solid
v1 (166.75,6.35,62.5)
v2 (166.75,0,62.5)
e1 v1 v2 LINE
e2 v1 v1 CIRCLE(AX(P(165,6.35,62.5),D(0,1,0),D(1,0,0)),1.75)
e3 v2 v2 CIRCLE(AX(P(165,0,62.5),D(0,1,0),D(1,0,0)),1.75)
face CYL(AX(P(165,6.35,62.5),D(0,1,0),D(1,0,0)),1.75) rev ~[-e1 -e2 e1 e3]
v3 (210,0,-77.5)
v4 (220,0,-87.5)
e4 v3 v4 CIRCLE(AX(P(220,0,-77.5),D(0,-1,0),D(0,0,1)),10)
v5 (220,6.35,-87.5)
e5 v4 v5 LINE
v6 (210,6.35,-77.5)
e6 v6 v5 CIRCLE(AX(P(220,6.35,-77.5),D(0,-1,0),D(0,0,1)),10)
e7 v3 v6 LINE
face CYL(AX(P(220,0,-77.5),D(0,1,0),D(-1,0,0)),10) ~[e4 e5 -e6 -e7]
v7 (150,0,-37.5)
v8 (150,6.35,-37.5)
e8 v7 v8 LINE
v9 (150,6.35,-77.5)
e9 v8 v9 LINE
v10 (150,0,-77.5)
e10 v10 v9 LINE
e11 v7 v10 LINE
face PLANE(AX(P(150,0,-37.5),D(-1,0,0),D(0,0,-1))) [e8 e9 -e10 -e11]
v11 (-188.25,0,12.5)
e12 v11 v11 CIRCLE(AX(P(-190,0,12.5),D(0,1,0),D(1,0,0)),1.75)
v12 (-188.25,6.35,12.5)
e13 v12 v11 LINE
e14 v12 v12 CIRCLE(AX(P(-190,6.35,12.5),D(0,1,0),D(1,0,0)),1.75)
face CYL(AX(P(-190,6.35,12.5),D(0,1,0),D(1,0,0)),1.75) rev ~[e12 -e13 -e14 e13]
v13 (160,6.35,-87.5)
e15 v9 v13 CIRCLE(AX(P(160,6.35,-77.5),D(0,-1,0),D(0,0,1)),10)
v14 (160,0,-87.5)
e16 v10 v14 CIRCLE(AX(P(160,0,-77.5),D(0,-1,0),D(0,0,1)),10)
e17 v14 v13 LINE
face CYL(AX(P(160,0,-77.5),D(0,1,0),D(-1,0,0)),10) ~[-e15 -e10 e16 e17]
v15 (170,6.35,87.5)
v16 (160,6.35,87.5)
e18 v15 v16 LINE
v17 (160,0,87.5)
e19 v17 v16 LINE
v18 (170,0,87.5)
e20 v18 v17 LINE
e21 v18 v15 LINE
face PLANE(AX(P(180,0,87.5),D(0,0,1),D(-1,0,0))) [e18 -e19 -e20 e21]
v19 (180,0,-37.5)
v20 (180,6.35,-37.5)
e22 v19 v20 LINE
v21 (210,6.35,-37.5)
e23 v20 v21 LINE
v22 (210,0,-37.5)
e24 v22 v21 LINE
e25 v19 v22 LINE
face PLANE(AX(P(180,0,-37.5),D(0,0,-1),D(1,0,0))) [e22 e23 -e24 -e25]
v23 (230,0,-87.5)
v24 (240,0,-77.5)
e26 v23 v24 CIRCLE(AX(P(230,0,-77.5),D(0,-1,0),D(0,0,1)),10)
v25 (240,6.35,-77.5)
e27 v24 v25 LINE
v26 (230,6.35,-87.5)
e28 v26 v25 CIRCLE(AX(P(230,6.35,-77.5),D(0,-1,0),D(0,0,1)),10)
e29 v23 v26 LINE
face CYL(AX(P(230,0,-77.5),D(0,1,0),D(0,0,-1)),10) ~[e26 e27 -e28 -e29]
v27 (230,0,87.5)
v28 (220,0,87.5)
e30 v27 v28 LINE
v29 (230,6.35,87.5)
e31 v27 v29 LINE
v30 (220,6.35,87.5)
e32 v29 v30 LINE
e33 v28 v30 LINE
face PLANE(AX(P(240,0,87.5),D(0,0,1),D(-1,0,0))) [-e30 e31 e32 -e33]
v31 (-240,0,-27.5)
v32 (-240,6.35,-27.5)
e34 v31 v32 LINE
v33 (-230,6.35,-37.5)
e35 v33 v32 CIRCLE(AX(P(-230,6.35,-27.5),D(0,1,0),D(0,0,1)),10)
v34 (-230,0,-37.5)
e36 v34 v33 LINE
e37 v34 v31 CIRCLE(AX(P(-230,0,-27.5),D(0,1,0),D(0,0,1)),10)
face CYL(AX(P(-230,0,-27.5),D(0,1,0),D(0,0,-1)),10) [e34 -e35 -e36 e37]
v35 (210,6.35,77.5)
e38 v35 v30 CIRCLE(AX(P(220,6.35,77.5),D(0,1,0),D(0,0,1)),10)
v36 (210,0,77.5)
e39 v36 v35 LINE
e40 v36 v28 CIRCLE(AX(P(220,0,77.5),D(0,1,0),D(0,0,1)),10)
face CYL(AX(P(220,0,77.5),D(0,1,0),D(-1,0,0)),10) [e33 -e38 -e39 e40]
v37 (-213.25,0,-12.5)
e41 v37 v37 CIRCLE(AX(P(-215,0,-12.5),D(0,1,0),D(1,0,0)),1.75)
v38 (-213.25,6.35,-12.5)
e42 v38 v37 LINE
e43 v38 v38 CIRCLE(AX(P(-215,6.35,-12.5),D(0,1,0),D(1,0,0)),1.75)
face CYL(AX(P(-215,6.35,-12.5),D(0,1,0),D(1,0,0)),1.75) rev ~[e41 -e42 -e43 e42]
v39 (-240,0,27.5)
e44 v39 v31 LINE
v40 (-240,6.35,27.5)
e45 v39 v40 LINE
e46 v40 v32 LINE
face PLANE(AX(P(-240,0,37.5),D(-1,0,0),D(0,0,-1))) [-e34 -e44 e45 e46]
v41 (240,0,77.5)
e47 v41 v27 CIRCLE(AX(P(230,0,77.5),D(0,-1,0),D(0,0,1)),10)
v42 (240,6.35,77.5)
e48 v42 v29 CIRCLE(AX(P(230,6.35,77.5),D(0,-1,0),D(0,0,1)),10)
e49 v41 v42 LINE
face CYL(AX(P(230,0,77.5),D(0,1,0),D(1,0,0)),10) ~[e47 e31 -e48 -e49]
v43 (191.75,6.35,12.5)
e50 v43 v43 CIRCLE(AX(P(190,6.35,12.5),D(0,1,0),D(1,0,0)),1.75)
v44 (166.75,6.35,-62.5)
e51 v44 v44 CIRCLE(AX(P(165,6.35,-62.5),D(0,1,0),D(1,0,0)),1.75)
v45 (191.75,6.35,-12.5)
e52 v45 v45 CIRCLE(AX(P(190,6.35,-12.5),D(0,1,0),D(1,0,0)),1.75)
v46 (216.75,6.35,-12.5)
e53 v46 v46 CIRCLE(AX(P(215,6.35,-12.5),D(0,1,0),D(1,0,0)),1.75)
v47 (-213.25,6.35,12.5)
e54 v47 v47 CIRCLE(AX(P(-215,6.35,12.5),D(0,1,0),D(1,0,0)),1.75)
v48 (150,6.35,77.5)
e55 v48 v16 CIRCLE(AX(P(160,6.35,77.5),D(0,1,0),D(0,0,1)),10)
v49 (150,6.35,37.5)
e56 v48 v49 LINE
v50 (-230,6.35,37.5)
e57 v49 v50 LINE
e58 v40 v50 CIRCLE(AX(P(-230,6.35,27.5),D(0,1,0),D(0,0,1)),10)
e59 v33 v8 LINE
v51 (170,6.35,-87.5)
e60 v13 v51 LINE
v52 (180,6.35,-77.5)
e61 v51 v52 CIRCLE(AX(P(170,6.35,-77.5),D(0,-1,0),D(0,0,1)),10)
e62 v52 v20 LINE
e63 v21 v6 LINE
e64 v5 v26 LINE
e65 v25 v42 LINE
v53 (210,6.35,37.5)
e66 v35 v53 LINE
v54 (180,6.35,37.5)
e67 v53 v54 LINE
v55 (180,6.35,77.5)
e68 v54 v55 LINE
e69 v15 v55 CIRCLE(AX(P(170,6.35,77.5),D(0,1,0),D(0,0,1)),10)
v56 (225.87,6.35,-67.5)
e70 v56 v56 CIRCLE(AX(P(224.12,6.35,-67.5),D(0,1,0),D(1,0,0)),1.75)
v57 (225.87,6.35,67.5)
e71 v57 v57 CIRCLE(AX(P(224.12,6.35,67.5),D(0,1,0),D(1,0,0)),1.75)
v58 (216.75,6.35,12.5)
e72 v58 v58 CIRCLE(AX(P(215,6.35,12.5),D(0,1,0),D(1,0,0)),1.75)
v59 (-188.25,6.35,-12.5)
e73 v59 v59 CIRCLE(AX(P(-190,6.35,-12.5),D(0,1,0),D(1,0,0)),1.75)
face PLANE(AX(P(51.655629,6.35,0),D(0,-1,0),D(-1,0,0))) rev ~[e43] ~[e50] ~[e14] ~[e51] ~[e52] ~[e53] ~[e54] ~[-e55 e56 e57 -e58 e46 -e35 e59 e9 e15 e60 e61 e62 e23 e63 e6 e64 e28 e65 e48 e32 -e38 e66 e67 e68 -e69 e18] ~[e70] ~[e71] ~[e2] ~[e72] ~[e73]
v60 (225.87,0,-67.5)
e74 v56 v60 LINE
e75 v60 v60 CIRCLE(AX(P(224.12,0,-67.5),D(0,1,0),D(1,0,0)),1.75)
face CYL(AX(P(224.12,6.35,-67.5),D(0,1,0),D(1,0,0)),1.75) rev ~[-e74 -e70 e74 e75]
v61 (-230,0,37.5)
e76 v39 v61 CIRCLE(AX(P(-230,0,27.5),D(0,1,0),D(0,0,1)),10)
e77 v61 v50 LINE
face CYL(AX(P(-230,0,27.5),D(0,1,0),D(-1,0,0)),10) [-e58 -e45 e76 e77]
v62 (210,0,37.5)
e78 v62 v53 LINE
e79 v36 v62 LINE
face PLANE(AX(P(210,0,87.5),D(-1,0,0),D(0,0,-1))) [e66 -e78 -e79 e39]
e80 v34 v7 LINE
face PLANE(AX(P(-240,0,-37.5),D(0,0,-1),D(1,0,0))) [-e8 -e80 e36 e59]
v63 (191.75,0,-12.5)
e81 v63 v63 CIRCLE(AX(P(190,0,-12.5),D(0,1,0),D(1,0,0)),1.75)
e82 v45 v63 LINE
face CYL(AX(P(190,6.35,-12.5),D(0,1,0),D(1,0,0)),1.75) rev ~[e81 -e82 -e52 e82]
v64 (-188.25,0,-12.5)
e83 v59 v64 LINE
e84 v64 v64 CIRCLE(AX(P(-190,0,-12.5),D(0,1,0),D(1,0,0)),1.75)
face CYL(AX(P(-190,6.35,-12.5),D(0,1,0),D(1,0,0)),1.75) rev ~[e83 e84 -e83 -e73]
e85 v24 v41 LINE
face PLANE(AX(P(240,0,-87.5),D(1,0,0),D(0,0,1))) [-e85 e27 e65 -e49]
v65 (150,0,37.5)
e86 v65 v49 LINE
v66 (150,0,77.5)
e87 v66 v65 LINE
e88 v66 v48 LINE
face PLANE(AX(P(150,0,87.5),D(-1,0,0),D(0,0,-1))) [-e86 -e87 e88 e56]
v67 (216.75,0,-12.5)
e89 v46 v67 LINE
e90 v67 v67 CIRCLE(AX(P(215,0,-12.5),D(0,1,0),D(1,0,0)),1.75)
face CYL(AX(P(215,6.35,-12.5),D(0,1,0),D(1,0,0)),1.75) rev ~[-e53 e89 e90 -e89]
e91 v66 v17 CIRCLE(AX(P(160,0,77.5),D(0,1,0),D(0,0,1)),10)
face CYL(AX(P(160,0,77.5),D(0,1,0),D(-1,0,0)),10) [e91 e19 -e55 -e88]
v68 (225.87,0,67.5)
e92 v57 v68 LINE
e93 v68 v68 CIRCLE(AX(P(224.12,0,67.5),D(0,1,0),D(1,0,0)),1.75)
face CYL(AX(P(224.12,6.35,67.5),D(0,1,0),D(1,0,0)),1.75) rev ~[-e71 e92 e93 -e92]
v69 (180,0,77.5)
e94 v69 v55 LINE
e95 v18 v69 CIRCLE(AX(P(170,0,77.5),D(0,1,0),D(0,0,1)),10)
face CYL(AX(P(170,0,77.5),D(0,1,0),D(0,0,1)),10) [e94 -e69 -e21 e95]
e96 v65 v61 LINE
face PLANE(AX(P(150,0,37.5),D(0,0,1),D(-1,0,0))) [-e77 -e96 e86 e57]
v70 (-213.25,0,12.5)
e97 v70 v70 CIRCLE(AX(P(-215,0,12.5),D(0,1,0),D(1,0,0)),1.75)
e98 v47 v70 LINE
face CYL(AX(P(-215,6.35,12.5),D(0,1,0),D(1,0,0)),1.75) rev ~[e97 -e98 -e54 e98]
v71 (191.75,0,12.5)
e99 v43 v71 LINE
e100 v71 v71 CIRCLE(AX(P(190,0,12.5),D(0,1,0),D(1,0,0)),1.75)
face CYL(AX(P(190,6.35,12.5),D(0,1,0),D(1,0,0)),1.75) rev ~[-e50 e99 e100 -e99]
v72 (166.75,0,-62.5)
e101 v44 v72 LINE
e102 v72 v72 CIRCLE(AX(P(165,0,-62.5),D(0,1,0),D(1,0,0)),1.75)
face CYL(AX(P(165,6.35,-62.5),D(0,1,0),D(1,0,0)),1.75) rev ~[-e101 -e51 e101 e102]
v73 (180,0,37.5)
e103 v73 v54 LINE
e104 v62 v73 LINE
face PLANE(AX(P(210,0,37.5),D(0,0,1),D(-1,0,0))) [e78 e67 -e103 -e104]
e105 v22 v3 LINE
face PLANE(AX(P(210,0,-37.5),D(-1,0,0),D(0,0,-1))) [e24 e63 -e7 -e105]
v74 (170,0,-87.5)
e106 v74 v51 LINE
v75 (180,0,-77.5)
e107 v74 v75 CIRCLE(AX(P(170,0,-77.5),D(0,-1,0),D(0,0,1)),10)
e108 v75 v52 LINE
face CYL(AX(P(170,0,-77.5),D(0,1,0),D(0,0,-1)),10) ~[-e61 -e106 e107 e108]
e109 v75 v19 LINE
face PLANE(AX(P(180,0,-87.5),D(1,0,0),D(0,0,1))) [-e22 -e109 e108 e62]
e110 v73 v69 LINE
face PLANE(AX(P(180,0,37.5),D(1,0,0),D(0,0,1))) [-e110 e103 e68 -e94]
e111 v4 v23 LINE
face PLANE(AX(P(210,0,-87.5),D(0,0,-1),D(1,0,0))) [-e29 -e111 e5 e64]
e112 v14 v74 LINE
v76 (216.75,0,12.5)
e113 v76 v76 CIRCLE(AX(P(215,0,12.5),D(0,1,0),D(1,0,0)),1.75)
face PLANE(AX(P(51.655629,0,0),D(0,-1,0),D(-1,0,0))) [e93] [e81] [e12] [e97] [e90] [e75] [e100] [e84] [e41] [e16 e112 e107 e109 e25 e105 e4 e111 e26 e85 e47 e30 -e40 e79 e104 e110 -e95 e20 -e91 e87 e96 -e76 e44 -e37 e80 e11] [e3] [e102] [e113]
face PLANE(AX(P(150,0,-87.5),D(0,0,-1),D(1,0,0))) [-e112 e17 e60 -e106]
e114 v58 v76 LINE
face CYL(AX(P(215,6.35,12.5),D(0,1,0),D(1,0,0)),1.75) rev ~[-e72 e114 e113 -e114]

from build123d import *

# Parameters (mm, degrees)
BOSS_EXTRUDE2_DEPTH       = 6.35
SKETCH2_R                 = 1.75
CUT_EXTRUDE1_DEPTH        = 6.35
LPATTERN1_COUNT           = 2
LPATTERN1_PITCH           = 25
LPATTERN2_COUNT           = 2
LPATTERN2_PITCH           = 25
LPATTERN2_COPY_1_SKETCH_R = 1.75
LPATTERN2_COPY_1_DEPTH    = 6.35
FILLET1_R                 = 10
SKETCH3_R                 = 1.75
CUT_EXTRUDE2_DEPTH        = 7.35
SKETCH5_R                 = 1.75
CUT_EXTRUDE3_DEPTH        = 7.35
LPATTERN3_COUNT           = 2
LPATTERN3_PITCH           = 405
LPATTERN3_COPY_1_SKETCH_R = 1.75
LPATTERN3_COPY_1_DEPTH    = 6.35
LPATTERN3_COPY_2_SKETCH_R = 1.75
LPATTERN3_COPY_2_DEPTH    = 6.35
LPATTERN3_COPY_3_SKETCH_R = 1.75
LPATTERN3_COPY_3_DEPTH    = 6.35


with BuildPart() as part:
    # Sketch1 → Boss-Extrude2 (new body)
    with BuildSketch(Plane(origin=(0, 0, 0), x_dir=(1, 0, 0), z_dir=(0, 1, 0))):
        Polygon((-240, 37.5), (150, 37.5), (150, 87.5), (180, 87.5), (180, 37.5), (210, 37.5), (210, 87.5), (240, 87.5), (240, -87.5), (210, -87.5), (210, -37.5), (180, -37.5), (180, -87.5), (150, -87.5), (150, -37.5), (-240, -37.5), align=None)
    extrude(amount=BOSS_EXTRUDE2_DEPTH)

    # Sketch2 → Cut-Extrude1 (cut)
    with BuildSketch(Plane(origin=(0, 6.35, 0), x_dir=(1, 0, 0), z_dir=(0, 1, 0))):
        with Locations((190, 12.5)):
            Circle(SKETCH2_R)
    cut_extrude1 = extrude(amount=-CUT_EXTRUDE1_DEPTH, mode=Mode.SUBTRACT)

    # LPattern1: Cut-Extrude1 ×2
    with Locations(*[(i * LPATTERN1_PITCH, 0, 0) for i in range(1, LPATTERN1_COUNT)]):
        add(cut_extrude1, mode=Mode.SUBTRACT)

    # LPattern2: Cut-Extrude1 ×2
    with Locations(*[(0, 0, i * LPATTERN2_PITCH) for i in range(1, LPATTERN2_COUNT)]):
        add(cut_extrude1, mode=Mode.SUBTRACT)

    # LPattern2 copy 1 sketch → LPattern2 copy 1 (cut)
    with BuildSketch(Plane(origin=(25, 6.35, 25), x_dir=(1, 0, 0), z_dir=(0, 1, 0))):
        with Locations((190, 12.5)):
            Circle(LPATTERN2_COPY_1_SKETCH_R)
    extrude(amount=-LPATTERN2_COPY_1_DEPTH, mode=Mode.SUBTRACT)

    # Fillet1
    fillet1_edges = [part.edges().sort_by_distance(p)[0] for p in [
        (-240, 3.175, -37.5),
        (150, 3.175, -87.5),
        (180, 3.175, -87.5),
        (210, 3.175, -87.5),
        (240, 3.175, -87.5),
        (240, 3.175, 87.5),
        (210, 3.175, 87.5),
        (180, 3.175, 87.5),
        (150, 3.175, 87.5),
        (-240, 3.175, 37.5),
    ]]
    fillet(fillet1_edges, radius=FILLET1_R)

    # Sketch3 → Cut-Extrude2 (cut, through all)
    with BuildSketch(Plane(origin=(0, 6.35, 0), x_dir=(1, 0, 0), z_dir=(0, 1, 0))):
        with Locations((224.12, 67.5)):
            Circle(SKETCH3_R)
        with Locations((224.12, -67.5)):
            Circle(SKETCH3_R)
    extrude(amount=-CUT_EXTRUDE2_DEPTH, mode=Mode.SUBTRACT)

    # Sketch5 → Cut-Extrude3 (cut, through all)
    with BuildSketch(Plane(origin=(0, 6.35, 0), x_dir=(1, 0, 0), z_dir=(0, 1, 0))):
        with Locations((165, 62.5)):
            Circle(SKETCH5_R)
        with Locations((165, -62.5)):
            Circle(SKETCH5_R)
    extrude(amount=-CUT_EXTRUDE3_DEPTH, mode=Mode.SUBTRACT)

    # LPattern3: Cut-Extrude1 ×2
    with Locations(*[(-i * LPATTERN3_PITCH, 0, 0) for i in range(1, LPATTERN3_COUNT)]):
        add(cut_extrude1, mode=Mode.SUBTRACT)

    # LPattern3 copy 1 sketch → LPattern3 copy 1 (cut)
    with BuildSketch(Plane(origin=(-405, 6.35, 25), x_dir=(1, 0, 0), z_dir=(0, 1, 0))):
        with Locations((190, 12.5)):
            Circle(LPATTERN3_COPY_1_SKETCH_R)
    extrude(amount=-LPATTERN3_COPY_1_DEPTH, mode=Mode.SUBTRACT)

    # LPattern3 copy 2 sketch → LPattern3 copy 2 (cut)
    with BuildSketch(Plane(origin=(-380, 6.35, 25), x_dir=(1, 0, 0), z_dir=(0, 1, 0))):
        with Locations((190, 12.5)):
            Circle(LPATTERN3_COPY_2_SKETCH_R)
    extrude(amount=-LPATTERN3_COPY_2_DEPTH, mode=Mode.SUBTRACT)

    # LPattern3 copy 3 sketch → LPattern3 copy 3 (cut)
    with BuildSketch(Plane(origin=(-380, 6.35, 0), x_dir=(1, 0, 0), z_dir=(0, 1, 0))):
        with Locations((190, 12.5)):
            Circle(LPATTERN3_COPY_3_SKETCH_R)
    extrude(amount=-LPATTERN3_COPY_3_DEPTH, mode=Mode.SUBTRACT)


solid = part.part
